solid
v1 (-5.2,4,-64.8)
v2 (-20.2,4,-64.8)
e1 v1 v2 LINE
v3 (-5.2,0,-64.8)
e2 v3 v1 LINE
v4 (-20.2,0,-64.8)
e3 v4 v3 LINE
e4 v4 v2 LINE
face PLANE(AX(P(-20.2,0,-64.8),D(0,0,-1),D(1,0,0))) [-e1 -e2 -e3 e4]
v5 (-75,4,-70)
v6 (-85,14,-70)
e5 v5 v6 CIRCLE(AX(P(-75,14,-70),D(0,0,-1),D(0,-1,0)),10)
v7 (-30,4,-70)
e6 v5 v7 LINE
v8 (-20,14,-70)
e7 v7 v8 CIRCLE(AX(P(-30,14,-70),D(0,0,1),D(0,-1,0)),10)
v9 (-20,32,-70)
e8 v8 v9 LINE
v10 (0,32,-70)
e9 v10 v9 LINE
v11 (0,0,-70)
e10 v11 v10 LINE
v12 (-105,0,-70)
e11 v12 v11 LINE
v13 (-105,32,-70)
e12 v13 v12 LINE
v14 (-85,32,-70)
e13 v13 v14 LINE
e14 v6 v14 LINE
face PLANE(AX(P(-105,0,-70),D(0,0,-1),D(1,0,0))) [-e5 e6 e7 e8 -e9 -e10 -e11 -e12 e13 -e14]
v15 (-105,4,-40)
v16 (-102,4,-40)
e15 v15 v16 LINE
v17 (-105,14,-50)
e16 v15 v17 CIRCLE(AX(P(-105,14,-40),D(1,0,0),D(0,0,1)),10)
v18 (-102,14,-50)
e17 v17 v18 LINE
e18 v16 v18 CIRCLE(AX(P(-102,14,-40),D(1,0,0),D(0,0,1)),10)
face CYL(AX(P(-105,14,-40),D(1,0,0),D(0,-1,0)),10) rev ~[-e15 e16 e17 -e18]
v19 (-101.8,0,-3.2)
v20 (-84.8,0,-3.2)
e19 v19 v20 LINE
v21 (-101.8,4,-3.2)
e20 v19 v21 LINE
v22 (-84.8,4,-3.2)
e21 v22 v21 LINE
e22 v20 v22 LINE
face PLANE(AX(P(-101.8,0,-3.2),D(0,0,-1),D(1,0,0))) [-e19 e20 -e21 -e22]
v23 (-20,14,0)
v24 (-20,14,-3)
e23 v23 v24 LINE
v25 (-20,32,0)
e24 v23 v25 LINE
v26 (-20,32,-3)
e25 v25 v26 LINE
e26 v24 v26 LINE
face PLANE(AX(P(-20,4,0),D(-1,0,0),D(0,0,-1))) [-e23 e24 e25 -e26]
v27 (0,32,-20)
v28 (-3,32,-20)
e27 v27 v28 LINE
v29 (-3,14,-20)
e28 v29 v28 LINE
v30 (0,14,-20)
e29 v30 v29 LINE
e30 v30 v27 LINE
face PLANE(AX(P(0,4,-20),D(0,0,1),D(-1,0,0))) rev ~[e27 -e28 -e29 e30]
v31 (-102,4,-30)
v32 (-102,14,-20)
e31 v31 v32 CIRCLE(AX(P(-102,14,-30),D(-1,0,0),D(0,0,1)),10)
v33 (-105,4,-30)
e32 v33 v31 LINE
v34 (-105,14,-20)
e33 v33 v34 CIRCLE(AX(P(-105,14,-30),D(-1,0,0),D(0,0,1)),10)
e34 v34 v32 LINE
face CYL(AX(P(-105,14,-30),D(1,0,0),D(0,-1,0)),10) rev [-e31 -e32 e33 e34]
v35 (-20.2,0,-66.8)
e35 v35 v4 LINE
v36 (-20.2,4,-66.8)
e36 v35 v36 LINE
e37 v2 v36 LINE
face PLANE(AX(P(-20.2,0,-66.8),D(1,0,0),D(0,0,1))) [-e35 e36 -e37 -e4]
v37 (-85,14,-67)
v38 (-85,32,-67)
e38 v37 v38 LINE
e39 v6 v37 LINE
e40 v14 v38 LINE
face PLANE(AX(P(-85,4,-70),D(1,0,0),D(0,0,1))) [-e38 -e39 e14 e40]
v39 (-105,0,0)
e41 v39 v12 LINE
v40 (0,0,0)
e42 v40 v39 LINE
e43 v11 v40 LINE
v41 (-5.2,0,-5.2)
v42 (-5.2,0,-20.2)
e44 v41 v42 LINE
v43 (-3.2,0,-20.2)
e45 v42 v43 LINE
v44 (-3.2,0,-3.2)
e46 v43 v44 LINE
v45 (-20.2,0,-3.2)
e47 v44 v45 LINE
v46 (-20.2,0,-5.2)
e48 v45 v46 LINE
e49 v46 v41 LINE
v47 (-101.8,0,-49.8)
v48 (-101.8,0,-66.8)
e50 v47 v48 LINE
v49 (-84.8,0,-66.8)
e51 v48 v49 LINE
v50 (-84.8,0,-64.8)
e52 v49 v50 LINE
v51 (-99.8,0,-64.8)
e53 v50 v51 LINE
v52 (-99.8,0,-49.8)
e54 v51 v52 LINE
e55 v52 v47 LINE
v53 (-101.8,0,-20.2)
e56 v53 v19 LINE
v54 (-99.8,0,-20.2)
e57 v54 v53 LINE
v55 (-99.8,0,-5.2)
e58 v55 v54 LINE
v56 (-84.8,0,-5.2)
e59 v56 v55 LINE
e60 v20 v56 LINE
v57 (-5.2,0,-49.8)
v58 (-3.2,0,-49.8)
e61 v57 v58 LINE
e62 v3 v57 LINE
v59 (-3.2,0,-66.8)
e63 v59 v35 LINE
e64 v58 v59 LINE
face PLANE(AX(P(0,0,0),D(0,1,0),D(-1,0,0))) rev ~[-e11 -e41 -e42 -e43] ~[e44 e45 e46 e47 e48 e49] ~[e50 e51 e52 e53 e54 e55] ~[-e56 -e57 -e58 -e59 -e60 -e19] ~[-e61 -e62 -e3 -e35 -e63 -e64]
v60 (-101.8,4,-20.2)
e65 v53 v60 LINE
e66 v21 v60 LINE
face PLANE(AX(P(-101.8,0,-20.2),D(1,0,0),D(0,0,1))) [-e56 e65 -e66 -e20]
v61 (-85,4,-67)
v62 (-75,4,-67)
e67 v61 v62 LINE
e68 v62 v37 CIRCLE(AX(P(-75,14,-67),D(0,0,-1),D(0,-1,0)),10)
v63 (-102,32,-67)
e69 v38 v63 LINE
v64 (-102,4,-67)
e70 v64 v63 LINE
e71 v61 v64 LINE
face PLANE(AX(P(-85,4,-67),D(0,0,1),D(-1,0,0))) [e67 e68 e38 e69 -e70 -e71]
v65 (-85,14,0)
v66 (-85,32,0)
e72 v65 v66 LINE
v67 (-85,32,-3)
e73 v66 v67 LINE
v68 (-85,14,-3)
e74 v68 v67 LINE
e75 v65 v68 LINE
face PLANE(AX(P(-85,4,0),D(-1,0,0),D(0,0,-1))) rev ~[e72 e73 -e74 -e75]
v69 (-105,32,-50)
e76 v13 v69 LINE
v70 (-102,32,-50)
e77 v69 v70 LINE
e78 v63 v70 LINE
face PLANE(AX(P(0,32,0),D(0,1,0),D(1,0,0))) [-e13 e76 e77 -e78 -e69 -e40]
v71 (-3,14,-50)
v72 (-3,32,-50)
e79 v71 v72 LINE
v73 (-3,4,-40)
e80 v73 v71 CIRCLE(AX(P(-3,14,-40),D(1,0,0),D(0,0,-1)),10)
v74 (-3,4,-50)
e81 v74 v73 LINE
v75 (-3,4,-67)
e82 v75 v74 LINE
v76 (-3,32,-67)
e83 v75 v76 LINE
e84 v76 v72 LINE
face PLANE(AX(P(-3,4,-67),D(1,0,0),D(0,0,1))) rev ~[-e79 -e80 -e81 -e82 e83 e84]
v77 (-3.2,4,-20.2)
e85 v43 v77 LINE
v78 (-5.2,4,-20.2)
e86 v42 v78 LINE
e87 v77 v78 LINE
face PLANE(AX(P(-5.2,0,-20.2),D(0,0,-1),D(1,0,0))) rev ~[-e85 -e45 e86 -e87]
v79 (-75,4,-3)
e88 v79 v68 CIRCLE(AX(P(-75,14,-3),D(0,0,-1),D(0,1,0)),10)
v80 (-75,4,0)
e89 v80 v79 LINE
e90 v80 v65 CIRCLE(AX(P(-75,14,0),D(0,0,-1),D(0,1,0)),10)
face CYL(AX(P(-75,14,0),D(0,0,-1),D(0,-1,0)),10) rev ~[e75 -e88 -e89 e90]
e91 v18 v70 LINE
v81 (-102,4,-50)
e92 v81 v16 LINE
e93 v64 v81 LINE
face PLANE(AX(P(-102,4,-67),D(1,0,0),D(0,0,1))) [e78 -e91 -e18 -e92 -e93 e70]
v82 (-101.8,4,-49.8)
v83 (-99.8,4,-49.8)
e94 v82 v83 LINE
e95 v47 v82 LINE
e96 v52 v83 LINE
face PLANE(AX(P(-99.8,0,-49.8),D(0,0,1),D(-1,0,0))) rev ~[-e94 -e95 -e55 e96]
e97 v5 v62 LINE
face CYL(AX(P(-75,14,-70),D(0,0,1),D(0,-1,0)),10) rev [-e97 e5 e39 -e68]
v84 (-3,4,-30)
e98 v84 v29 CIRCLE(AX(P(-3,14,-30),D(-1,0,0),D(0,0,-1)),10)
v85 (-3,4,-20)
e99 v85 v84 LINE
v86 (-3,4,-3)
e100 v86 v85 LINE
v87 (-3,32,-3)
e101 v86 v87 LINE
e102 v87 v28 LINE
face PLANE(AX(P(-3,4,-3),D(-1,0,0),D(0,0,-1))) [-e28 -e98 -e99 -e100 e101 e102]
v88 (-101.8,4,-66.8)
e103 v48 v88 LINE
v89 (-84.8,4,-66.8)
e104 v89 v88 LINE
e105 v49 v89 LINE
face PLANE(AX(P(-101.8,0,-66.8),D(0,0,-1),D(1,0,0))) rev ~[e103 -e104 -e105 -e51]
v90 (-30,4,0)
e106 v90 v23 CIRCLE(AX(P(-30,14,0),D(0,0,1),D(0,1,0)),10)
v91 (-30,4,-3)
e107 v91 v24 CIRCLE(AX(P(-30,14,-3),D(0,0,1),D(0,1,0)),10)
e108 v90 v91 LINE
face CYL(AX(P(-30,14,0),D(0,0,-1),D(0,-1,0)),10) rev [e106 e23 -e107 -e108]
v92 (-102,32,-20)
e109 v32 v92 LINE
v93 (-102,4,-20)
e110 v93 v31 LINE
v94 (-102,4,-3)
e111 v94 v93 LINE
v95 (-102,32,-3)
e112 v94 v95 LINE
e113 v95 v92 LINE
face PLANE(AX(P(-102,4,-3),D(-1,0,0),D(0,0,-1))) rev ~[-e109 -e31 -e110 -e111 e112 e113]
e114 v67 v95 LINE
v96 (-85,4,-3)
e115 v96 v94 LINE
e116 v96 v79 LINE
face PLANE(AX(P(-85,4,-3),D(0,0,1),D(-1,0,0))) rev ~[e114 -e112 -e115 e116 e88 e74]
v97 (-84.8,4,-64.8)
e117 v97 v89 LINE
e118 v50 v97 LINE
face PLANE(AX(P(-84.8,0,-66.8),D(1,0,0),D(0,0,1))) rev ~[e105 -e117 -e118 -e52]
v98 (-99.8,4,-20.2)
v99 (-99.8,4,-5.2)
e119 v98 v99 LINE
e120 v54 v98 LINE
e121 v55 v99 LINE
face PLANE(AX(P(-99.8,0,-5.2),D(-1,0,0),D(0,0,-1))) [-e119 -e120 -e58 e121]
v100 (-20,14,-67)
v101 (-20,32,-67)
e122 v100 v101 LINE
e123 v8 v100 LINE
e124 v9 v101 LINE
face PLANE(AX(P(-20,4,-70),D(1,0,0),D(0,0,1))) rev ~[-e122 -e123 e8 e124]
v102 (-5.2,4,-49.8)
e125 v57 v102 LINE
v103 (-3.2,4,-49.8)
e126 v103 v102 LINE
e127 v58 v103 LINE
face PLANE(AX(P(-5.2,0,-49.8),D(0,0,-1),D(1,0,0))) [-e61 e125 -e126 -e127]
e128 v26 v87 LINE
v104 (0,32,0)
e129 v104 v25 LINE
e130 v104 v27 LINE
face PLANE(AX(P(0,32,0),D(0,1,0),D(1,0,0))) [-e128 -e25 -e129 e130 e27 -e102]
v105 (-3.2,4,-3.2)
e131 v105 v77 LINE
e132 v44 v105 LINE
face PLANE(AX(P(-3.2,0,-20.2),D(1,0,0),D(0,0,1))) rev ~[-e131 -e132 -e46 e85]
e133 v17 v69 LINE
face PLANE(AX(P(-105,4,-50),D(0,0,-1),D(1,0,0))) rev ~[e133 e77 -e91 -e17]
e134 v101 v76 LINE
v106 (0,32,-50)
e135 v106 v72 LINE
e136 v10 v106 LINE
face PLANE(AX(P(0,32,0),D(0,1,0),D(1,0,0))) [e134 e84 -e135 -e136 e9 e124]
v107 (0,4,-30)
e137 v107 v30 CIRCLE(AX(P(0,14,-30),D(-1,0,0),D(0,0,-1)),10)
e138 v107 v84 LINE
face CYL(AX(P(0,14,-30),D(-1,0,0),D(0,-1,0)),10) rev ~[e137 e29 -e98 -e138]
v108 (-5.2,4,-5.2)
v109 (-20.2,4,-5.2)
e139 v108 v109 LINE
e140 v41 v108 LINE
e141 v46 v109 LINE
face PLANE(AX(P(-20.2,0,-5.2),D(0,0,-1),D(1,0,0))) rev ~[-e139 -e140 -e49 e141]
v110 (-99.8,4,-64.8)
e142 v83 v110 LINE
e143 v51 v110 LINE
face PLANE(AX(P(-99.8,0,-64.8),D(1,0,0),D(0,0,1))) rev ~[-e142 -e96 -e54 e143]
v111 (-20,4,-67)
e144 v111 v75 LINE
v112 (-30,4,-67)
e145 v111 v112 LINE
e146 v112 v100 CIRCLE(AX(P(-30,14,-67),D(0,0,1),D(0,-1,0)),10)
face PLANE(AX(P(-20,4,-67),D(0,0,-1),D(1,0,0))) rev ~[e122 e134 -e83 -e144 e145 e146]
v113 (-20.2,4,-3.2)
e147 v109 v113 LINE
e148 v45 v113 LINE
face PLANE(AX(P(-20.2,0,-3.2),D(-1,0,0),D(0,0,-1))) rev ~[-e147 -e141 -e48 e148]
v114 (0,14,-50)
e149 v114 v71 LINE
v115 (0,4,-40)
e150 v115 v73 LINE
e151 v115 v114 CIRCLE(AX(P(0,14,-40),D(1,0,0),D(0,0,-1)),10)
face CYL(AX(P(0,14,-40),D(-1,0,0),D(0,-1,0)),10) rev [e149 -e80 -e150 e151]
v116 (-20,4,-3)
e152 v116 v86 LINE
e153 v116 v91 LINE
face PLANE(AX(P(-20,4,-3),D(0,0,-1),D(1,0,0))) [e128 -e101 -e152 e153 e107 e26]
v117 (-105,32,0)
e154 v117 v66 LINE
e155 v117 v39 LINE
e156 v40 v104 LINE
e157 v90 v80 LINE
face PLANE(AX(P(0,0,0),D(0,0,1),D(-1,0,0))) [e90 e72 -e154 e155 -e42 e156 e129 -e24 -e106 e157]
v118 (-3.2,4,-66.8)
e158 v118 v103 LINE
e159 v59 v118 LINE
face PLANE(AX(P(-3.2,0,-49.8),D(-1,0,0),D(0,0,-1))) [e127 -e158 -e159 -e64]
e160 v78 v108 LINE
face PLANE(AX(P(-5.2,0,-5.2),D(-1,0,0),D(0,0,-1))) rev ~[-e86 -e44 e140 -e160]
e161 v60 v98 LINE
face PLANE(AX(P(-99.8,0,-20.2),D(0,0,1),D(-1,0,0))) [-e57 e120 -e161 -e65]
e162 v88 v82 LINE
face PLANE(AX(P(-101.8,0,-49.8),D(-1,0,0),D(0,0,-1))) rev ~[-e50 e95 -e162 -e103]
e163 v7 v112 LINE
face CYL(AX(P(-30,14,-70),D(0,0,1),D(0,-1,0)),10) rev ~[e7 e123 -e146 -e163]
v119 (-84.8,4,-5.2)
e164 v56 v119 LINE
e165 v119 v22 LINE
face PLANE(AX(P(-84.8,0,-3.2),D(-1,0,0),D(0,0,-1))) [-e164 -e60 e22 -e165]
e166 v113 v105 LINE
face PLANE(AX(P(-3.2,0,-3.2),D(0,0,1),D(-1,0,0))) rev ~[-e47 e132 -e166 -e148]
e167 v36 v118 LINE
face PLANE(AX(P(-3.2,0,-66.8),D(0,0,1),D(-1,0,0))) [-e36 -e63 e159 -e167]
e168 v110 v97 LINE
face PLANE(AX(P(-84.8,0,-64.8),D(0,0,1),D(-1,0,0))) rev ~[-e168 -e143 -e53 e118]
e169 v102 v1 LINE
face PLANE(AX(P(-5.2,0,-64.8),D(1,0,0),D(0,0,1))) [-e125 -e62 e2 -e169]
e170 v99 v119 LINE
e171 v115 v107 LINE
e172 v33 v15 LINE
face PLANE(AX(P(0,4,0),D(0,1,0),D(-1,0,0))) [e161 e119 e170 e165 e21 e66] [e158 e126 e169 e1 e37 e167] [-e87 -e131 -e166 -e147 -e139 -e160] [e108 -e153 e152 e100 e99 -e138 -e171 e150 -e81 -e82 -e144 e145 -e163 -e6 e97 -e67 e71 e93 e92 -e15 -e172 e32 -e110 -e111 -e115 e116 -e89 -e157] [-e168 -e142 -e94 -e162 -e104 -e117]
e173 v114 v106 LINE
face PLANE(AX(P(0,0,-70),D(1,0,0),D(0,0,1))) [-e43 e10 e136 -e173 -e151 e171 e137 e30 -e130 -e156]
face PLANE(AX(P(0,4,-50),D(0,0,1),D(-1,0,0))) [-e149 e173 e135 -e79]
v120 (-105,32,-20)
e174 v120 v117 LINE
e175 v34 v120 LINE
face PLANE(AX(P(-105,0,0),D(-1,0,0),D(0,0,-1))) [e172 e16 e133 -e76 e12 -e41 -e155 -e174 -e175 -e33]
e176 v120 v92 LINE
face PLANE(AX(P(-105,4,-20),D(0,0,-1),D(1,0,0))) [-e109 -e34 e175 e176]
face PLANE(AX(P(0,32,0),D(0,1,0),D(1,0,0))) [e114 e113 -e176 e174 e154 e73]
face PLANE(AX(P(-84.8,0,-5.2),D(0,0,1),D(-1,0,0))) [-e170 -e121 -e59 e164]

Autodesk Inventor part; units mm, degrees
ref_plane "YZ Plane" through (0, 0, 0) normal (1, 0, 0) x (0, 1, 0)
ref_plane "XZ Plane" through (0, 0, 0) normal (0, 1, 0) x (-1, 0, 0)
ref_plane "XY Plane" through (0, 0, 0) normal (0, 0, 1) x (1, 0, 0)
sketch "Sketch1" plane through (0, 0, 0) normal (0, 1, 0) x (-1, 0, 0)
  line L0 (0, 0) -> (105, 0)
  line L1 (105, 0) -> (105, -70)
  line L2 (105, -70) -> (0, -70)
  line L3 (0, -70) -> (0, 0)
  dimension "d0" = 105
  dimension "d1" = 70
extrude "Extrusion1" add sketch "Sketch1" along normal blind 4
sketch "Sketch2" plane through (0, 0, 0) normal (0, -1, 0) x (1, 0, 0)
  line L0 (-101.8, -3.2) -> (-84.8, -3.2)
  line L1 (-84.8, -3.2) -> (-84.8, -5.2)
  line L2 (-84.8, -5.2) -> (-99.8, -5.2)
  line L3 (-99.8, -5.2) -> (-99.8, -20.2)
  line L4 (-99.8, -20.2) -> (-101.8, -20.2)
  line L5 (-101.8, -20.2) -> (-101.8, -3.2)
  line L6 (-105, 0) -> (0, 0) projected
  line L7 (-105, -70) -> (-105, 0) projected
  line L8 (-52.5, 13.4533) -> (-52.5, -78.582) construction
  line L9 (-116.2226, -35) -> (14.8802, -35) construction
  line L10 (-3.2, -3.2) -> (-20.2, -3.2)
  line L11 (-20.2, -3.2) -> (-20.2, -5.2)
  line L12 (-20.2, -5.2) -> (-5.2, -5.2)
  line L13 (-5.2, -5.2) -> (-5.2, -20.2)
  line L14 (-5.2, -20.2) -> (-3.2, -20.2)
  line L15 (-3.2, -20.2) -> (-3.2, -3.2)
  line L16 (-101.8, -66.8) -> (-84.8, -66.8)
  line L17 (-84.8, -66.8) -> (-84.8, -64.8)
  line L18 (-84.8, -64.8) -> (-99.8, -64.8)
  line L19 (-99.8, -64.8) -> (-99.8, -49.8)
  line L20 (-99.8, -49.8) -> (-101.8, -49.8)
  line L21 (-101.8, -49.8) -> (-101.8, -66.8)
  line L22 (-3.2, -66.8) -> (-20.2, -66.8)
  line L23 (-3.2, -49.8) -> (-3.2, -66.8)
  line L24 (-5.2, -49.8) -> (-3.2, -49.8)
  line L25 (-5.2, -64.8) -> (-5.2, -49.8)
  line L26 (-20.2, -64.8) -> (-5.2, -64.8)
  line L27 (-20.2, -66.8) -> (-20.2, -64.8)
  dimension "d4" = 17
  dimension "d5" = 2
  dimension "d6" = 17
  dimension "d7" = 2
  dimension "d8" = 3.2
  dimension "d9" = 3.2
  dimension "d10" = 52.5
  dimension "d11" = 35
extrude "Extrusion2" cut sketch "Sketch2" against normal through all
sketch "Sketch3" plane through (0, 4, 0) normal (0, 1, 0) x (1, 0, 0)
  line L0 (-105, 70) -> (-105, 0) projected
  line L1 (-105, 70) -> (-105, 50)
  line L2 (-105, 50) -> (-102, 50)
  line L3 (-105, 70) -> (-85, 70)
  line L4 (0, 70) -> (-105, 70) projected
  line L5 (-85, 70) -> (-85, 67)
  line L6 (-85, 67) -> (-102, 67)
  line L7 (-102, 67) -> (-102, 50)
  line L8 (-52.5, 99.9312) -> (-52.5, -17.7346) construction
  line L9 (-124.2156, 35) -> (28.5486, 35) construction
  line L10 (0, 70) -> (0, 50)
  line L11 (0, 50) -> (-3, 50)
  line L12 (0, 70) -> (-20, 70)
  line L13 (-20, 70) -> (-20, 67)
  line L14 (-20, 67) -> (-3, 67)
  line L15 (-3, 67) -> (-3, 50)
  line L16 (19.2156, 35) -> (-133.5486, 35) construction
  line L17 (-105, 0) -> (-105, 20)
  line L18 (-105, 20) -> (-102, 20)
  line L19 (-105, 0) -> (-85, 0)
  line L20 (-85, 0) -> (-85, 3)
  line L21 (-85, 3) -> (-102, 3)
  line L22 (-102, 3) -> (-102, 20)
  line L23 (-52.5, -29.9312) -> (-52.5, 87.7346) construction
  line L24 (0, 0) -> (0, 20)
  line L25 (0, 20) -> (-3, 20)
  line L26 (0, 0) -> (-20, 0)
  line L27 (-20, 0) -> (-20, 3)
  line L28 (-20, 3) -> (-3, 3)
  line L29 (-3, 3) -> (-3, 20)
  point P0 (-105, 20)
  point P1 (-20, 70)
  point P2 (0.75, 3)
  point P3 (2, 8)
  point P4 (2, 62)
  point P5 (0.75, 67)
  dimension "d15" = 20
  dimension "d16" = 3
  dimension "d17" = 20
  dimension "d18" = 3
  dimension "d19" = 52.5
  dimension "d20" = 35
extrude "Extrusion3" add sketch "Sketch3" along normal blind 28
fillet "Fillet2" radius 10 8 edges at (-85, 4, -1.5) (-20, 4, -1.5) (-1.5, 4, -20) (-103.5, 4, -20) (-1.5, 4, -50) (-103.5, 4, -50) (-85, 4, -68.5) (-20, 4, -68.5)
properties part number "TestingPlatform_standardStack01"
